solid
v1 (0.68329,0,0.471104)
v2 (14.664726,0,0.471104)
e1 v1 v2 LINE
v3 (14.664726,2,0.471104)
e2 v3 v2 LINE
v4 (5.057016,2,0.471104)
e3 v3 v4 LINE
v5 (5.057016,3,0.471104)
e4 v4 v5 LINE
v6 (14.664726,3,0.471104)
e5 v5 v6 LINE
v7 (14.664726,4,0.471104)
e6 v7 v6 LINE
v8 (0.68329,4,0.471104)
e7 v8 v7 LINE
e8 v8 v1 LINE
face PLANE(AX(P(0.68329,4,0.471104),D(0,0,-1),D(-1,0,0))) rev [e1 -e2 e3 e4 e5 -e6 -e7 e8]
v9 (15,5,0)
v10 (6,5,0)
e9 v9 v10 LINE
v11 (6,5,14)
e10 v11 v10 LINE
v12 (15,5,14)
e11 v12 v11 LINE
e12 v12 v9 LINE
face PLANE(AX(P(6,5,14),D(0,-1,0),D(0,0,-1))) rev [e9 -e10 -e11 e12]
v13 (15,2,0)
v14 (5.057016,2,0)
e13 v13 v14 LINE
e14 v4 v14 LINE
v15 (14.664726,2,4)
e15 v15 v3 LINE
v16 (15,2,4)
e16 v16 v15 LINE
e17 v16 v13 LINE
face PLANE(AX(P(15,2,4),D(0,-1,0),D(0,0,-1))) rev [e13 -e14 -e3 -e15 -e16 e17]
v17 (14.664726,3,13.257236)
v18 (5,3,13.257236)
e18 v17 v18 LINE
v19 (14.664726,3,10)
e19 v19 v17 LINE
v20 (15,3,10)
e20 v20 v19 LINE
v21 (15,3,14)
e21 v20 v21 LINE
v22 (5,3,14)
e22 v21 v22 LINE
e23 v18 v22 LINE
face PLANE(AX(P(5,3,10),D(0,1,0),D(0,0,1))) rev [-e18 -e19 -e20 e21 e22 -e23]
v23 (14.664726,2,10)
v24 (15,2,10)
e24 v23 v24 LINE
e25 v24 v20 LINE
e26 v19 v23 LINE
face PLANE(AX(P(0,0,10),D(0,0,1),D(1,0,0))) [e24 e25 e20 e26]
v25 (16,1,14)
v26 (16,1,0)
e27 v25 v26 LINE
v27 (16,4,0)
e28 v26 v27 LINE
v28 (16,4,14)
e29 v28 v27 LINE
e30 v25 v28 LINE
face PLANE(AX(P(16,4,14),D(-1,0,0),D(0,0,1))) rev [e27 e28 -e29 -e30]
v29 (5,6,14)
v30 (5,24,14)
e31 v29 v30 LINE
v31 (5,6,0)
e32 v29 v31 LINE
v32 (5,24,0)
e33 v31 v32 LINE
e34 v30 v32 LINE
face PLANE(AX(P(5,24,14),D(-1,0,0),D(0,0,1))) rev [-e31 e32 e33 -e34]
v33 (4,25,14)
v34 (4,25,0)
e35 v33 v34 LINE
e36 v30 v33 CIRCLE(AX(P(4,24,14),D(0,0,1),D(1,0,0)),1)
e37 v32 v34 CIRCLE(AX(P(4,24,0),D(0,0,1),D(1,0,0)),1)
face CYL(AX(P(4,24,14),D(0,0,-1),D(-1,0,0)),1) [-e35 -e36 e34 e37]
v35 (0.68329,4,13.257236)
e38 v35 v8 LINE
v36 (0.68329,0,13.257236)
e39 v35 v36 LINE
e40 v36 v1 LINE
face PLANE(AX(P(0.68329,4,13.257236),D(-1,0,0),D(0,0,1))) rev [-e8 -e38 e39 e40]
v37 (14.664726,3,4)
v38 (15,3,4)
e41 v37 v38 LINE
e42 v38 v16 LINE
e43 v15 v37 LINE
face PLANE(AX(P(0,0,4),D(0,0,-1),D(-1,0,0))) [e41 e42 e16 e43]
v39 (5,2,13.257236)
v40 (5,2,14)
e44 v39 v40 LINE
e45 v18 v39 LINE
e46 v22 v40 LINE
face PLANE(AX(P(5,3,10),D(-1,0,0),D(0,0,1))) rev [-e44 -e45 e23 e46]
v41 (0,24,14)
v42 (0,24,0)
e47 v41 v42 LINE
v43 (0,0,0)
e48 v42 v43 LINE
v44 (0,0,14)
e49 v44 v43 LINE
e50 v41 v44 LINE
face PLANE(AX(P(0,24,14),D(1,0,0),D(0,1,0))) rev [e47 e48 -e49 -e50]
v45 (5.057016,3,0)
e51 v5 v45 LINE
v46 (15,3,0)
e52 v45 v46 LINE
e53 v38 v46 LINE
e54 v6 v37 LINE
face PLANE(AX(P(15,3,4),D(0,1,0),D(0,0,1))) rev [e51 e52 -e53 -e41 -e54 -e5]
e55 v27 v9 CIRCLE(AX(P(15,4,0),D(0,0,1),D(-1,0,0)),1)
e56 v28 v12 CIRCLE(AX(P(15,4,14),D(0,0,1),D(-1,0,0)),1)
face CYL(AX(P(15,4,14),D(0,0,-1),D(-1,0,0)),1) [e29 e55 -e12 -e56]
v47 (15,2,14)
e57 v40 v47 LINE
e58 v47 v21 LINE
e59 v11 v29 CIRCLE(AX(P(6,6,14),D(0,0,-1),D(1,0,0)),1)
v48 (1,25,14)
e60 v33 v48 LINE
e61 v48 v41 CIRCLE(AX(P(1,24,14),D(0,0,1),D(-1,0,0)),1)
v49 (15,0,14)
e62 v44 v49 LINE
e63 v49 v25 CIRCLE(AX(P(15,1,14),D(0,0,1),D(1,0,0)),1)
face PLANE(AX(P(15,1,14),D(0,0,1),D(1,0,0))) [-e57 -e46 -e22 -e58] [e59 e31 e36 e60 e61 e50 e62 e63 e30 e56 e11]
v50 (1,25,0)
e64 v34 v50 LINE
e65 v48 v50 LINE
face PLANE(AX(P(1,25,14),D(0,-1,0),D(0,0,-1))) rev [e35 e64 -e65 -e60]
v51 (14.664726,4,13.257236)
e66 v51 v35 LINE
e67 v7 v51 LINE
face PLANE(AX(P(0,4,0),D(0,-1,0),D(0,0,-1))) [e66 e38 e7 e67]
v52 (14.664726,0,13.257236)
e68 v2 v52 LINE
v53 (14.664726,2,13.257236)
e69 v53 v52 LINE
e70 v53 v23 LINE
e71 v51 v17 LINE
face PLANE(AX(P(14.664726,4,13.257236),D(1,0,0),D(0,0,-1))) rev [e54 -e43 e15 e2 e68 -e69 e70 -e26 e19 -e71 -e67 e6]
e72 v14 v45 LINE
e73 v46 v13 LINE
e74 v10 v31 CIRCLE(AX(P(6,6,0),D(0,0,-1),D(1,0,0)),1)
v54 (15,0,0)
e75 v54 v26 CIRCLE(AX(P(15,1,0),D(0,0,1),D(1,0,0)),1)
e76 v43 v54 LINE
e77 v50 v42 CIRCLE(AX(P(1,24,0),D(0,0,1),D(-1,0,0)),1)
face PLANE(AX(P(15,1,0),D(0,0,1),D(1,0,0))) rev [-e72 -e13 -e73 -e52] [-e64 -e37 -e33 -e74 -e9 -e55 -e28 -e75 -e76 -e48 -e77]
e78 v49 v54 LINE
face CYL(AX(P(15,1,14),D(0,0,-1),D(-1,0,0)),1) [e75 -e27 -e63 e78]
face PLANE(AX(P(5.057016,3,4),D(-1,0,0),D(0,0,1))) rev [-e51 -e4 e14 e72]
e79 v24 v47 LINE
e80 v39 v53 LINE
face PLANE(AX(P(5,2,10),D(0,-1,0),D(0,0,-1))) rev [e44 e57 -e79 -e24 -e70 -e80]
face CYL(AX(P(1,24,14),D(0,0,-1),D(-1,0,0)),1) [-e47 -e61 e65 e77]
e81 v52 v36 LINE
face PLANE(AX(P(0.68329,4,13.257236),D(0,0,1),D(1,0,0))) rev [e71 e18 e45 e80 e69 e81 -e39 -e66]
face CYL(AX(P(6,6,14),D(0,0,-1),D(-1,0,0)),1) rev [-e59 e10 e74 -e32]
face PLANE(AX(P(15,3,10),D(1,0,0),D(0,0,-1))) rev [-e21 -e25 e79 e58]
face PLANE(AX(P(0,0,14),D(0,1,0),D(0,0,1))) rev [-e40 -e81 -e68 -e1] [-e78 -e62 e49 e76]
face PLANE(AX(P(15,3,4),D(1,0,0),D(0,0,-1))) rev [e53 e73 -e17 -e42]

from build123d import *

# Parameters (mm, degrees)
BOSS_EXTRUDE3_DEPTH = 14
SKETCH3_W           = 13.981436564
SKETCH3_H           = 12.786132402
CUT_EXTRUDE2_DEPTH  = 4
SKETCH4_W           = 10
SKETCH4_H           = 1
CUT_EXTRUDE3_DEPTH  = 4
SKETCH5_W           = 8
SKETCH5_H           = 1
CUT_EXTRUDE4_DEPTH  = 4
SKETCH6_W           = 1.942983733
SKETCH6_H           = 1
CUT_EXTRUDE5_DEPTH  = 4


with BuildPart() as part:
    # Sketch1 → Boss-Extrude3 (new body)
    with BuildSketch(Plane.XY):
        with BuildLine():
            Line((0, 24), (0, 0))
            Line((0, 0), (15, 0))
            ThreePointArc((15, 0), (15.707106781, 0.292893219), (16, 1))
            Line((16, 1), (16, 4))
            ThreePointArc((16, 4), (15.707106781, 4.707106781), (15, 5))
            Line((15, 5), (6, 5))
            ThreePointArc((6, 5), (5.292893219, 5.292893219), (5, 6))
            Line((5, 6), (5, 24))
            ThreePointArc((5, 24), (4.707106781, 24.707106781), (4, 25))
            Line((4, 25), (1, 25))
            ThreePointArc((1, 25), (0.292893219, 24.707106781), (0, 24))
        make_face()
    extrude(amount=BOSS_EXTRUDE3_DEPTH)

    # Sketch3 → Cut-Extrude2 (cut)
    with BuildSketch(Plane.XZ):
        with Locations((7.674007956, 6.864169982)):
            Rectangle(SKETCH3_W, SKETCH3_H)
    extrude(amount=-CUT_EXTRUDE2_DEPTH, mode=Mode.SUBTRACT)

    # Sketch4 → Cut-Extrude3 (cut)
    with BuildSketch(Plane.XY.offset(14)):
        with Locations((10, 2.5)):
            Rectangle(SKETCH4_W, SKETCH4_H)
    extrude(amount=-CUT_EXTRUDE3_DEPTH, mode=Mode.SUBTRACT)

    # Sketch5 → Cut-Extrude4 (cut)
    with BuildSketch(Plane(origin=(0, 0, 0), x_dir=(-1, 0, 0), z_dir=(0, 0, -1))):
        with Locations((-11, 2.5)):
            Rectangle(SKETCH5_W, SKETCH5_H)
    extrude(amount=-CUT_EXTRUDE4_DEPTH, mode=Mode.SUBTRACT)

    # Sketch6 → Cut-Extrude5 (cut)
    with BuildSketch(Plane(origin=(0, 0, 0), x_dir=(-1, 0, 0), z_dir=(0, 0, -1))):
        with Locations((-6.028508134, 2.5)):
            Rectangle(SKETCH6_W, SKETCH6_H)
    extrude(amount=-CUT_EXTRUDE5_DEPTH, mode=Mode.SUBTRACT)


solid = part.part
